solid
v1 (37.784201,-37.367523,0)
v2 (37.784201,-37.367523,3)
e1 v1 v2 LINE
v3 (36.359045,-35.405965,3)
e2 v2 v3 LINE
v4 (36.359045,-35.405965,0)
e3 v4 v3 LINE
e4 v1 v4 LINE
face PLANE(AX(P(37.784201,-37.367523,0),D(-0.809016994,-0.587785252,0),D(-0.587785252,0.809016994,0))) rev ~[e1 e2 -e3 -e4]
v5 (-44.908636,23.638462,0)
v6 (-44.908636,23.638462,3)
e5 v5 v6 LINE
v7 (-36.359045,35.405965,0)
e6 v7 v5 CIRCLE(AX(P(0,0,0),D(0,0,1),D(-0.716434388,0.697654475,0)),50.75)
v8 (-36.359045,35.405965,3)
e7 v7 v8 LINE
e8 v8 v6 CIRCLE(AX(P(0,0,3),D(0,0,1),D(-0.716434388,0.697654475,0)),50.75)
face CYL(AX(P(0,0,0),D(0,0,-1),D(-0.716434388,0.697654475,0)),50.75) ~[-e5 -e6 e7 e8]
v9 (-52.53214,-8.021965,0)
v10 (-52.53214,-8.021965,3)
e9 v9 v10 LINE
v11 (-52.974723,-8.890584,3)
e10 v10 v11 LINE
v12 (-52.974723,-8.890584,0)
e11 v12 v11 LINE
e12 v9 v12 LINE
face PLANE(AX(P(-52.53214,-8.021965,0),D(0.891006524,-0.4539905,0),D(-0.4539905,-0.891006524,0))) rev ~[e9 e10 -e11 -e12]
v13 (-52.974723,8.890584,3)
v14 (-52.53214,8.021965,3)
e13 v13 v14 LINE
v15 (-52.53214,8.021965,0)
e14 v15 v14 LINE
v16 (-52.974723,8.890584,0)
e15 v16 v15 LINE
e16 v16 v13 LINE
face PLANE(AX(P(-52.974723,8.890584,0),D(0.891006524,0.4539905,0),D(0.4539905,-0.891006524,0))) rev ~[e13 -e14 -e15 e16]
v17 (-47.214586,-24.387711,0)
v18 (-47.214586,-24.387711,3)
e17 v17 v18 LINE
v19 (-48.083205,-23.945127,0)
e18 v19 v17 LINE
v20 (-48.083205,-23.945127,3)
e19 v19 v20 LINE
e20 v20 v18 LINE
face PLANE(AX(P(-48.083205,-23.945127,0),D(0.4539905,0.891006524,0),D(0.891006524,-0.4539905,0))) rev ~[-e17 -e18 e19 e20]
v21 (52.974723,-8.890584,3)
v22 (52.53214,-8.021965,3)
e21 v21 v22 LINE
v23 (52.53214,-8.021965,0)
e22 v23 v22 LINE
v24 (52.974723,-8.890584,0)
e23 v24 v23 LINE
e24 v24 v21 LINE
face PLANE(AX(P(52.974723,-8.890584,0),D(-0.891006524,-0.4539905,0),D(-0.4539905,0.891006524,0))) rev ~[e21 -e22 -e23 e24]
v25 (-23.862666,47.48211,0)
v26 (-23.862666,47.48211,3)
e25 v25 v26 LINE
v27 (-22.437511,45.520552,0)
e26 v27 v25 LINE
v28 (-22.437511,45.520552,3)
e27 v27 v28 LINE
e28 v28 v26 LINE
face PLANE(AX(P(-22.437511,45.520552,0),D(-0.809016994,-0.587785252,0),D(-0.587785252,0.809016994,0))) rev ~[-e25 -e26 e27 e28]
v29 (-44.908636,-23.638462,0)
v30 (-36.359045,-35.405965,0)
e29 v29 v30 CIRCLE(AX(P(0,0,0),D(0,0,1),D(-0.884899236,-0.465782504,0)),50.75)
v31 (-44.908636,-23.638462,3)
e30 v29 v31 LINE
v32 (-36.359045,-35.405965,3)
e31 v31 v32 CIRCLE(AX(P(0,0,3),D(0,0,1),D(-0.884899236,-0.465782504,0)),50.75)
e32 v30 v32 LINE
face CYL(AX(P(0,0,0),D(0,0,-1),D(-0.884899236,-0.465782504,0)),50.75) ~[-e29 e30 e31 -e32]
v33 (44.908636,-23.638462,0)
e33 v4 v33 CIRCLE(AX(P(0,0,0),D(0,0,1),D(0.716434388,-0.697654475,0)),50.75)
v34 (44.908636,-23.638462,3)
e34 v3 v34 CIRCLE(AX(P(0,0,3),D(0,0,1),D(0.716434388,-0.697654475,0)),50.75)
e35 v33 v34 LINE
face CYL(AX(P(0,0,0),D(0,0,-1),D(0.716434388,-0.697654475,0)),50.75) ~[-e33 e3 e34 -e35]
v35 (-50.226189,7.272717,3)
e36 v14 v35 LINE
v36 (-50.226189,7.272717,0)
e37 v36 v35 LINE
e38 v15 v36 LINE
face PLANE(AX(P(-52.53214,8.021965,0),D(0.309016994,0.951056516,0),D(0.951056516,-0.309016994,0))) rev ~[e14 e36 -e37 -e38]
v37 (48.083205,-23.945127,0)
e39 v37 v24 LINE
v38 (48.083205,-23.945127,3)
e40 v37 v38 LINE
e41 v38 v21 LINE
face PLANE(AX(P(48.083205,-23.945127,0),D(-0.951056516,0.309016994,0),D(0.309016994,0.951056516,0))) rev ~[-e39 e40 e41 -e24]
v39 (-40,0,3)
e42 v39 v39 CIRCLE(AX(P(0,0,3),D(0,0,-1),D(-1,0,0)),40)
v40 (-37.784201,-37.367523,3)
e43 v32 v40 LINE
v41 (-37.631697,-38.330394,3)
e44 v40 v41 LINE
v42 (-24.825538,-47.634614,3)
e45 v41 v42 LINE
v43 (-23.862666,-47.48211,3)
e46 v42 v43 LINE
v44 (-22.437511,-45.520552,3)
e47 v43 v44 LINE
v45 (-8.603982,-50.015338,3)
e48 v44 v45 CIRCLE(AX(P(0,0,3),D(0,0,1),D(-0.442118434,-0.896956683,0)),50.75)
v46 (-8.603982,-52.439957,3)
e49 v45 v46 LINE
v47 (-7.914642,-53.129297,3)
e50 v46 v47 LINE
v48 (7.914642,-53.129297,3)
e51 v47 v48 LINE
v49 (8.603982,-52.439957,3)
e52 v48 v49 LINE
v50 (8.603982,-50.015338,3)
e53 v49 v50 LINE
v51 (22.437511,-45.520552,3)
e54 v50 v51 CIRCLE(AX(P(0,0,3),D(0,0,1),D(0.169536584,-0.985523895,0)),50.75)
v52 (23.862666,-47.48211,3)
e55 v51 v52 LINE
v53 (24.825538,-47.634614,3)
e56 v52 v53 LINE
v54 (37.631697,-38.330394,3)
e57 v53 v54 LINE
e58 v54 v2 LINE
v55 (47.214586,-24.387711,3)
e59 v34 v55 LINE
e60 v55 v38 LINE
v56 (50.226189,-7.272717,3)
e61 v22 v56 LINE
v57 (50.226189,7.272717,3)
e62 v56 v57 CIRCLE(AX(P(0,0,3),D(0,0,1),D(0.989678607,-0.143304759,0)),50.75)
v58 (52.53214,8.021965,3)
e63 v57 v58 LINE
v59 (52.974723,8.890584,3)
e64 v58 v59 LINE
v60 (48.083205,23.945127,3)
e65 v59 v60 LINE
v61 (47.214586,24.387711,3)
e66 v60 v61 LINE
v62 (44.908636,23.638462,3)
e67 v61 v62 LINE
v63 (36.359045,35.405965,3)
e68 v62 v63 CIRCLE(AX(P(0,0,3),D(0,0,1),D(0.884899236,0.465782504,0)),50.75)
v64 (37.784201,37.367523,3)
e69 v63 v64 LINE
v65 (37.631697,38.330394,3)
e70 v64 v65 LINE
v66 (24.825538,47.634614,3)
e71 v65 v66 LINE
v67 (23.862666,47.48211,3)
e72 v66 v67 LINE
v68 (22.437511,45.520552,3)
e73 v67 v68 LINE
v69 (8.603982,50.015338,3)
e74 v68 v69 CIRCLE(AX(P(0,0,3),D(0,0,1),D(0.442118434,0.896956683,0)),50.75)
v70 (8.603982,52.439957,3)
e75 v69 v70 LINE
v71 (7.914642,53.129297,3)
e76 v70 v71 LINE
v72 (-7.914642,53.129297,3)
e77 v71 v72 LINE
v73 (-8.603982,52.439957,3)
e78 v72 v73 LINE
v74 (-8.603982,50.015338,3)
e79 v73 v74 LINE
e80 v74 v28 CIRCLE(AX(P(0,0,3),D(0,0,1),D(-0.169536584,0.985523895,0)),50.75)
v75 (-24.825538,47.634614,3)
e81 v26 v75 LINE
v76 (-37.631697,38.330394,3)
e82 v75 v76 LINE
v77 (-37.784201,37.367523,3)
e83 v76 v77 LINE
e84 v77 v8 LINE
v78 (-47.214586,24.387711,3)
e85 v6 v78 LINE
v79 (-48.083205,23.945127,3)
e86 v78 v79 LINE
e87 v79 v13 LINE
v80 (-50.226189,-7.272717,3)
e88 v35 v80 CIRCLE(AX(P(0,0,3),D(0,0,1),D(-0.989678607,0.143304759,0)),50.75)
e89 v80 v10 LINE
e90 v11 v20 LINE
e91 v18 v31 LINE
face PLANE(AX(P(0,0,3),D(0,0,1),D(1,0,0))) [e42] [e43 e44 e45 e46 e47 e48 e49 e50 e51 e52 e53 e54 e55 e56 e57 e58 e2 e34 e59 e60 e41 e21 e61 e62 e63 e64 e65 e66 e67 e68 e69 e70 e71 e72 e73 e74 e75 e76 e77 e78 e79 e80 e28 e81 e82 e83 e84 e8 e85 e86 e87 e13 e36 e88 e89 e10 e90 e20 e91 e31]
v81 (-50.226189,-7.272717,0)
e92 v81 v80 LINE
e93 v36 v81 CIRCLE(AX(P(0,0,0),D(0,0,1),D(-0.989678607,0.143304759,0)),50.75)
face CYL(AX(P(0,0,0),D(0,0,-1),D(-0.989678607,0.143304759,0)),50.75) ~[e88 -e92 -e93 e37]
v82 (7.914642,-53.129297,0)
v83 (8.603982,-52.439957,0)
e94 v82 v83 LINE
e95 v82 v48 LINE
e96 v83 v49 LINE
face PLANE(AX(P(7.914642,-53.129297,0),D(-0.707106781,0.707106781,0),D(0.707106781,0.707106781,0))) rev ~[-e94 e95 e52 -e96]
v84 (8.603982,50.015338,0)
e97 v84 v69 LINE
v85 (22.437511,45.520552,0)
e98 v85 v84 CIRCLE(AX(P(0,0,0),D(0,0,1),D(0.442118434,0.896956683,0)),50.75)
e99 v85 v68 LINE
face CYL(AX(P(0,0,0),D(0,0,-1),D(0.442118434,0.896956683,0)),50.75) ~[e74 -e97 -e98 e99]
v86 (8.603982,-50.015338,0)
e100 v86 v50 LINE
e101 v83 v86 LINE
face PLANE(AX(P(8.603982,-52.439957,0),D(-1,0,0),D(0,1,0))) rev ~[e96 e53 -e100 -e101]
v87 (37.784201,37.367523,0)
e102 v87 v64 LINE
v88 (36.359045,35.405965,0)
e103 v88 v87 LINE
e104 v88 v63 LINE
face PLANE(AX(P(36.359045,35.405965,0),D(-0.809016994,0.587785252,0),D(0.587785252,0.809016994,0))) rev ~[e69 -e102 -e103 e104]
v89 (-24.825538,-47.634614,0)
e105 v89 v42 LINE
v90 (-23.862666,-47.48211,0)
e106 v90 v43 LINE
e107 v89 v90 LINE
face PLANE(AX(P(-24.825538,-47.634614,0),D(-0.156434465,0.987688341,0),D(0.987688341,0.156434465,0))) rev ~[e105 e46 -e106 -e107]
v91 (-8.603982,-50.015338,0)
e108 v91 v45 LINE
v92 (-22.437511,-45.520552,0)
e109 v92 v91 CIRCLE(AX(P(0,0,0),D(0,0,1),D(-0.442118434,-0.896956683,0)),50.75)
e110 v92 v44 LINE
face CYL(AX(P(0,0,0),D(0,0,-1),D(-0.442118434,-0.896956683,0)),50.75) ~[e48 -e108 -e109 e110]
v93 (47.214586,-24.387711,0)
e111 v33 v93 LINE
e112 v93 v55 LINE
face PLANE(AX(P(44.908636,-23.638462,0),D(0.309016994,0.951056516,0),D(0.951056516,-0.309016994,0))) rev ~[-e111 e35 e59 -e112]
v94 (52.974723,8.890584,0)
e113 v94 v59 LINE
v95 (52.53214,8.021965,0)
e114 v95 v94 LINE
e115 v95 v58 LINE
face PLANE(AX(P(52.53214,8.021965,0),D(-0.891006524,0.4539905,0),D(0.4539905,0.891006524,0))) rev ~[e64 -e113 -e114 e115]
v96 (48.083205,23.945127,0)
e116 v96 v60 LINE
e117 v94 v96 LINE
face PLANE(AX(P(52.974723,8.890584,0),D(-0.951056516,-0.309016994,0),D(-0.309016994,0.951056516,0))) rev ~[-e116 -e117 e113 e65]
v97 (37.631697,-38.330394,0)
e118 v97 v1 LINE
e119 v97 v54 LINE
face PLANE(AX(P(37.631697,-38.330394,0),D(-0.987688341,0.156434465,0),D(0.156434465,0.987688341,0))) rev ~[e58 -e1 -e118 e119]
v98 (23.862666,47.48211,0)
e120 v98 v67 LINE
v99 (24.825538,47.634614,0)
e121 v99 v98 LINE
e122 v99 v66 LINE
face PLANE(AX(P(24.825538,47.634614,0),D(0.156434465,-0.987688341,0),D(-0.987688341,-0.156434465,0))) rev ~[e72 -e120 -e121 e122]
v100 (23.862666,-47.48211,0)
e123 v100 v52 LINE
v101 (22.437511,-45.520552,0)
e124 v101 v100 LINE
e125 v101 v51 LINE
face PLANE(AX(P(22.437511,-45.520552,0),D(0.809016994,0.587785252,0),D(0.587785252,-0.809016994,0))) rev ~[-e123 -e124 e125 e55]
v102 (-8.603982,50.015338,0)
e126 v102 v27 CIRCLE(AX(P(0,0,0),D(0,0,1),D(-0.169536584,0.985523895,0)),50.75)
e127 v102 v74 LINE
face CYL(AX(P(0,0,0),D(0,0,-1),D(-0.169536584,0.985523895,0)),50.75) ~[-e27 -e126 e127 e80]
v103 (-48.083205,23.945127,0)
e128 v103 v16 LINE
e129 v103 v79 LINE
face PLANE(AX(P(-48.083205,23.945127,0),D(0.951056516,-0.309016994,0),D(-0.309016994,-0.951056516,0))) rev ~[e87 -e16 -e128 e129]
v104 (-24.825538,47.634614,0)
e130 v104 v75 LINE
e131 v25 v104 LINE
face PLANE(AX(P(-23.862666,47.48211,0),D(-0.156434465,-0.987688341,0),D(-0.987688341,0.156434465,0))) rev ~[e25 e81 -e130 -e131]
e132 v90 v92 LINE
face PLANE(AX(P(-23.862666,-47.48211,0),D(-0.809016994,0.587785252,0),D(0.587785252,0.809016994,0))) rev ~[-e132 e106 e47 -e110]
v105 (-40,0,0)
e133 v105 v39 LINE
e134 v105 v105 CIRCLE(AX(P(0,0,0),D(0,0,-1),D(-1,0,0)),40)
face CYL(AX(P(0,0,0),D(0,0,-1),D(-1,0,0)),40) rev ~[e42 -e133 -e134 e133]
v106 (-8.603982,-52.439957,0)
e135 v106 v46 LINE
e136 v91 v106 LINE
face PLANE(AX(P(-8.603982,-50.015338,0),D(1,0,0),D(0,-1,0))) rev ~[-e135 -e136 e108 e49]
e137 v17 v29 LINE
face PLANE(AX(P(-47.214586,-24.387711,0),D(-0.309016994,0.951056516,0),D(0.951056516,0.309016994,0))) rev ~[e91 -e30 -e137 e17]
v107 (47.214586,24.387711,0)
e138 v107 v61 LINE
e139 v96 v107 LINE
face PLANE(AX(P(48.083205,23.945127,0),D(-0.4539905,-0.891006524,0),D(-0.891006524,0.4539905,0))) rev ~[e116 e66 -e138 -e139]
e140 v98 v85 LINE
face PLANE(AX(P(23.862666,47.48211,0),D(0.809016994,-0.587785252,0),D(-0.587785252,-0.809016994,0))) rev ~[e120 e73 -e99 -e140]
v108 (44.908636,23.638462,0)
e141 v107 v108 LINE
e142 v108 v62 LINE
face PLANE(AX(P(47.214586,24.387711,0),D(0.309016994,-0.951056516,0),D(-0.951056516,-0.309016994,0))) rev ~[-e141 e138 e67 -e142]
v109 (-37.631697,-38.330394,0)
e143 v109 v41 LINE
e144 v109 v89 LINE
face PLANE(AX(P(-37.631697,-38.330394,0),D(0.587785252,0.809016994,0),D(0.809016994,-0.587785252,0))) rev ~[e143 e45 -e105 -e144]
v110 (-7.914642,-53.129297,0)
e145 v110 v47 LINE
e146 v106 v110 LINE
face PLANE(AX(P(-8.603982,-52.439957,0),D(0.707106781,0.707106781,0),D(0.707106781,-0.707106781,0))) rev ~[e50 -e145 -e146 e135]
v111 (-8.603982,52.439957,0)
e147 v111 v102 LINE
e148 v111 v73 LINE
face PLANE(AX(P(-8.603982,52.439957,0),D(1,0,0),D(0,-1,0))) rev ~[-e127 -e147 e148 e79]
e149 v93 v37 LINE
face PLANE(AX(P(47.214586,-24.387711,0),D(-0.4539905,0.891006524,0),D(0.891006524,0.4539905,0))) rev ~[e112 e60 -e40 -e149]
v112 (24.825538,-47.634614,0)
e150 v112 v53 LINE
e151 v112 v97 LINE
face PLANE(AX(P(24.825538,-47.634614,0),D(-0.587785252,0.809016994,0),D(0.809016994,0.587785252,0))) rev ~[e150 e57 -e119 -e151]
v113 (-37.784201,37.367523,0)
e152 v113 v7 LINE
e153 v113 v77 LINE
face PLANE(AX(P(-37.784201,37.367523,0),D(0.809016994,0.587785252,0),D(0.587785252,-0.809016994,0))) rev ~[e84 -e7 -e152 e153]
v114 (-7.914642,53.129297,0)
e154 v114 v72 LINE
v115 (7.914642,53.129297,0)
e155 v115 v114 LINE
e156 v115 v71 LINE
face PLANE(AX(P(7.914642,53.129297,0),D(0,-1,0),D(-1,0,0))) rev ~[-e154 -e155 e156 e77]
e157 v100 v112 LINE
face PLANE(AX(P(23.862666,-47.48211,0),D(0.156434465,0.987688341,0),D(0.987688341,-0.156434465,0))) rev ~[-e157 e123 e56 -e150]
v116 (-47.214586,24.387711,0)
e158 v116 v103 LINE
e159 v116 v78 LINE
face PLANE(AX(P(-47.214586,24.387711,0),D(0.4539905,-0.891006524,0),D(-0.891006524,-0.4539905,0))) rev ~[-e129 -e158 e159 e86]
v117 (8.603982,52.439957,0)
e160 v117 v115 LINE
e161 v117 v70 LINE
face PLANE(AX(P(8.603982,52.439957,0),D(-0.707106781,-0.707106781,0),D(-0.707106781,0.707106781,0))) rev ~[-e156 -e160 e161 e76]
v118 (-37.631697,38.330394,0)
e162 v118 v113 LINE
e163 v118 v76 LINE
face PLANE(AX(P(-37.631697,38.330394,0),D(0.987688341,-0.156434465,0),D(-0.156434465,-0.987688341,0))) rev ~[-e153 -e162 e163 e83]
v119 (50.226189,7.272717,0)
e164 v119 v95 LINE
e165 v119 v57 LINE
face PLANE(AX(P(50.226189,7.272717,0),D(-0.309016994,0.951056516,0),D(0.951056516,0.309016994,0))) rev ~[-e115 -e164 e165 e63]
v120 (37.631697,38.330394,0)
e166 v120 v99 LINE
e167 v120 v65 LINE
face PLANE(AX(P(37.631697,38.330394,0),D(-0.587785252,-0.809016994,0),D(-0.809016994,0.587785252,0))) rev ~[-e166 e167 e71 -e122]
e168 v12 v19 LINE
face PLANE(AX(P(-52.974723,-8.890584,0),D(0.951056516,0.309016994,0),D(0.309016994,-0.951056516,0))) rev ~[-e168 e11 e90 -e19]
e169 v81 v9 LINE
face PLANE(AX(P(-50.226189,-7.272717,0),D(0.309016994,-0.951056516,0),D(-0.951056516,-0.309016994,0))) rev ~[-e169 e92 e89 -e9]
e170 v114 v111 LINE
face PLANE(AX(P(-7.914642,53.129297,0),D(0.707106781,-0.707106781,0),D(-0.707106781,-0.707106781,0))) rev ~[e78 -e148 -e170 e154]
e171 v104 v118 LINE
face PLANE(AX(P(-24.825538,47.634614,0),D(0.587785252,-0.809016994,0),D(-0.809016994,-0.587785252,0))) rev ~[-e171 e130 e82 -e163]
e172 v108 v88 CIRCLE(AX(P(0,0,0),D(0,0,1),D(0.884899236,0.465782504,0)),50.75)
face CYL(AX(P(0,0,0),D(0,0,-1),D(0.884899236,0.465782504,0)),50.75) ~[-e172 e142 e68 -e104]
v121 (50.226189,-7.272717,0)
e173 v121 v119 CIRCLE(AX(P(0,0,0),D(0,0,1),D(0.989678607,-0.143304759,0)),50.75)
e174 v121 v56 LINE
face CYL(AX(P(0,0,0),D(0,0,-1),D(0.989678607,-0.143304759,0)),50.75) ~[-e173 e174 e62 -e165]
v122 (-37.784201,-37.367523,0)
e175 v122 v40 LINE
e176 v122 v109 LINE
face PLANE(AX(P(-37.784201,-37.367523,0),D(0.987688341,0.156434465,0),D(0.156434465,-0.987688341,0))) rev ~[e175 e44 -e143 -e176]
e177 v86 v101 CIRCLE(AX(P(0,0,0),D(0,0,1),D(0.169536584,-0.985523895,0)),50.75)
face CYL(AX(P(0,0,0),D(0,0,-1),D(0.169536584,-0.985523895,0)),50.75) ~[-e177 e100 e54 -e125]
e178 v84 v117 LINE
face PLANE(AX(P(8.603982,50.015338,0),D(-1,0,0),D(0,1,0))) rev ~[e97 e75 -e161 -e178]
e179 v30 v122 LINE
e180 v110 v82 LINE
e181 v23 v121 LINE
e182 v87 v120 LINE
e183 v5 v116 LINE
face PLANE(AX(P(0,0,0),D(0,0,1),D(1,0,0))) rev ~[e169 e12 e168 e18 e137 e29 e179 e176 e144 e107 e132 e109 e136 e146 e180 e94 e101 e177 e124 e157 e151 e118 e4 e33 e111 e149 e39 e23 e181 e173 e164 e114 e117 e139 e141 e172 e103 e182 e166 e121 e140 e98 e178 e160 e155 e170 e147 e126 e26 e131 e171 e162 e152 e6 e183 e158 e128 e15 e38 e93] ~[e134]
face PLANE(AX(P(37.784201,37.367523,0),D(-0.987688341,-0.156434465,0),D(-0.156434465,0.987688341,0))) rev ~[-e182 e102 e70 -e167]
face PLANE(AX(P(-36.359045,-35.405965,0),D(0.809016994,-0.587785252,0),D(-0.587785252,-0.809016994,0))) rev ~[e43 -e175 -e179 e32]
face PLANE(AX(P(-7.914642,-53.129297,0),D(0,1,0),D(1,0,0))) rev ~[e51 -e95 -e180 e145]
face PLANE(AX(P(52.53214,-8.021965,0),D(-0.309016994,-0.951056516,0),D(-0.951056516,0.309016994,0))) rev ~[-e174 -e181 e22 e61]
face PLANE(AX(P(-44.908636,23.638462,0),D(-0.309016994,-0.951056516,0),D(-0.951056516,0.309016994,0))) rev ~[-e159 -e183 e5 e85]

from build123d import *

# Parameters (mm, degrees)
BOSS_EXTRUDE1_DEPTH = 3
SKETCH1_R           = 40
CUT_EXTRUDE1_DEPTH  = 76.086906122


with BuildPart() as part:
    # Base_Sketch → Boss-Extrude1 (new body)
    with BuildSketch(Plane.XY):
        with BuildLine():
            Line((-8.603981625, 52.439957176), (-8.603981625, 50.01533765))
            ThreePointArc((-8.603981625, 50.01533765), (-15.682612465, 48.266118202), (-22.437510505, 45.520551648))
            Line((-22.437510505, 45.520551648), (-23.862666105, 47.48211005))
            Line((-23.862666105, 47.48211005), (-24.825537526, 47.634613901))
            Line((-24.825537526, 47.634613901), (-37.631696962, 38.33039445))
            Line((-37.631696962, 38.33039445), (-37.784200813, 37.36752303))
            Line((-37.784200813, 37.36752303), (-36.359045213, 35.405964628))
            ThreePointArc((-36.359045213, 35.405964628), (-41.057612465, 29.830101554), (-44.908636245, 23.638462104))
            Line((-44.908636245, 23.638462104), (-47.214586445, 24.387710742))
            Line((-47.214586445, 24.387710742), (-48.083205302, 23.945127328))
            Line((-48.083205302, 23.945127328), (-52.974722942, 8.890584019))
            Line((-52.974722942, 8.890584019), (-52.532139528, 8.021965161))
            Line((-52.532139528, 8.021965161), (-50.226189328, 7.272716523))
            ThreePointArc((-50.226189328, 7.272716523), (-50.75, 0), (-50.226189328, -7.272716523))
            Line((-50.226189328, -7.272716523), (-52.532139528, -8.021965161))
            Line((-52.532139528, -8.021965161), (-52.974722942, -8.890584019))
            Line((-52.974722942, -8.890584019), (-48.083205302, -23.945127328))
            Line((-48.083205302, -23.945127328), (-47.214586445, -24.387710742))
            Line((-47.214586445, -24.387710742), (-44.908636245, -23.638462104))
            ThreePointArc((-44.908636245, -23.638462104), (-41.057612465, -29.830101554), (-36.359045213, -35.405964628))
            Line((-36.359045213, -35.405964628), (-37.784200813, -37.36752303))
            Line((-37.784200813, -37.36752303), (-37.631696962, -38.33039445))
            Line((-37.631696962, -38.33039445), (-24.825537526, -47.634613901))
            Line((-24.825537526, -47.634613901), (-23.862666105, -47.48211005))
            Line((-23.862666105, -47.48211005), (-22.437510505, -45.520551648))
            ThreePointArc((-22.437510505, -45.520551648), (-15.682612465, -48.266118202), (-8.603981625, -50.01533765))
            Line((-8.603981625, -50.01533765), (-8.603981625, -52.439957176))
            Line((-8.603981625, -52.439957176), (-7.914641797, -53.129297004))
            Line((-7.914641797, -53.129297004), (7.914641797, -53.129297004))
            Line((7.914641797, -53.129297004), (8.603981625, -52.439957176))
            Line((8.603981625, -52.439957176), (8.603981625, -50.01533765))
            ThreePointArc((8.603981625, -50.01533765), (15.682612465, -48.266118202), (22.437510505, -45.520551648))
            Line((22.437510505, -45.520551648), (23.862666105, -47.48211005))
            Line((23.862666105, -47.48211005), (24.825537526, -47.634613901))
            Line((24.825537526, -47.634613901), (37.631696962, -38.33039445))
            Line((37.631696962, -38.33039445), (37.784200813, -37.36752303))
            Line((37.784200813, -37.36752303), (36.359045213, -35.405964628))
            ThreePointArc((36.359045213, -35.405964628), (41.057612465, -29.830101554), (44.908636245, -23.638462104))
            Line((44.908636245, -23.638462104), (47.214586445, -24.387710742))
            Line((47.214586445, -24.387710742), (48.083205302, -23.945127328))
            Line((48.083205302, -23.945127328), (52.974722942, -8.890584019))
            Line((52.974722942, -8.890584019), (52.532139528, -8.021965161))
            Line((52.532139528, -8.021965161), (50.226189328, -7.272716523))
            ThreePointArc((50.226189328, -7.272716523), (50.75, 0), (50.226189328, 7.272716523))
            Line((50.226189328, 7.272716523), (52.532139528, 8.021965161))
            Line((52.532139528, 8.021965161), (52.974722942, 8.890584019))
            Line((52.974722942, 8.890584019), (48.083205302, 23.945127328))
            Line((48.083205302, 23.945127328), (47.214586445, 24.387710742))
            Line((47.214586445, 24.387710742), (44.908636245, 23.638462104))
            ThreePointArc((44.908636245, 23.638462104), (41.057612465, 29.830101554), (36.359045213, 35.405964628))
            Line((36.359045213, 35.405964628), (37.784200813, 37.36752303))
            Line((37.784200813, 37.36752303), (37.631696962, 38.33039445))
            Line((37.631696962, 38.33039445), (24.825537526, 47.634613901))
            Line((24.825537526, 47.634613901), (23.862666105, 47.48211005))
            Line((23.862666105, 47.48211005), (22.437510505, 45.520551648))
            ThreePointArc((22.437510505, 45.520551648), (15.682612465, 48.266118202), (8.603981625, 50.01533765))
            Line((8.603981625, 50.01533765), (8.603981625, 52.439957176))
            Line((8.603981625, 52.439957176), (7.914641797, 53.129297004))
            Line((7.914641797, 53.129297004), (-7.914641797, 53.129297004))
            Line((-7.914641797, 53.129297004), (-8.603981625, 52.439957176))
        make_face()
    extrude(amount=BOSS_EXTRUDE1_DEPTH)

    # Sketch1 → Cut-Extrude1 (cut, through all)
    with BuildSketch(Plane(origin=(0, 0, 0), x_dir=(-1, 0, 0), z_dir=(0, 0, -1))):
        Circle(SKETCH1_R)
    extrude(amount=-CUT_EXTRUDE1_DEPTH, mode=Mode.SUBTRACT)


solid = part.part
